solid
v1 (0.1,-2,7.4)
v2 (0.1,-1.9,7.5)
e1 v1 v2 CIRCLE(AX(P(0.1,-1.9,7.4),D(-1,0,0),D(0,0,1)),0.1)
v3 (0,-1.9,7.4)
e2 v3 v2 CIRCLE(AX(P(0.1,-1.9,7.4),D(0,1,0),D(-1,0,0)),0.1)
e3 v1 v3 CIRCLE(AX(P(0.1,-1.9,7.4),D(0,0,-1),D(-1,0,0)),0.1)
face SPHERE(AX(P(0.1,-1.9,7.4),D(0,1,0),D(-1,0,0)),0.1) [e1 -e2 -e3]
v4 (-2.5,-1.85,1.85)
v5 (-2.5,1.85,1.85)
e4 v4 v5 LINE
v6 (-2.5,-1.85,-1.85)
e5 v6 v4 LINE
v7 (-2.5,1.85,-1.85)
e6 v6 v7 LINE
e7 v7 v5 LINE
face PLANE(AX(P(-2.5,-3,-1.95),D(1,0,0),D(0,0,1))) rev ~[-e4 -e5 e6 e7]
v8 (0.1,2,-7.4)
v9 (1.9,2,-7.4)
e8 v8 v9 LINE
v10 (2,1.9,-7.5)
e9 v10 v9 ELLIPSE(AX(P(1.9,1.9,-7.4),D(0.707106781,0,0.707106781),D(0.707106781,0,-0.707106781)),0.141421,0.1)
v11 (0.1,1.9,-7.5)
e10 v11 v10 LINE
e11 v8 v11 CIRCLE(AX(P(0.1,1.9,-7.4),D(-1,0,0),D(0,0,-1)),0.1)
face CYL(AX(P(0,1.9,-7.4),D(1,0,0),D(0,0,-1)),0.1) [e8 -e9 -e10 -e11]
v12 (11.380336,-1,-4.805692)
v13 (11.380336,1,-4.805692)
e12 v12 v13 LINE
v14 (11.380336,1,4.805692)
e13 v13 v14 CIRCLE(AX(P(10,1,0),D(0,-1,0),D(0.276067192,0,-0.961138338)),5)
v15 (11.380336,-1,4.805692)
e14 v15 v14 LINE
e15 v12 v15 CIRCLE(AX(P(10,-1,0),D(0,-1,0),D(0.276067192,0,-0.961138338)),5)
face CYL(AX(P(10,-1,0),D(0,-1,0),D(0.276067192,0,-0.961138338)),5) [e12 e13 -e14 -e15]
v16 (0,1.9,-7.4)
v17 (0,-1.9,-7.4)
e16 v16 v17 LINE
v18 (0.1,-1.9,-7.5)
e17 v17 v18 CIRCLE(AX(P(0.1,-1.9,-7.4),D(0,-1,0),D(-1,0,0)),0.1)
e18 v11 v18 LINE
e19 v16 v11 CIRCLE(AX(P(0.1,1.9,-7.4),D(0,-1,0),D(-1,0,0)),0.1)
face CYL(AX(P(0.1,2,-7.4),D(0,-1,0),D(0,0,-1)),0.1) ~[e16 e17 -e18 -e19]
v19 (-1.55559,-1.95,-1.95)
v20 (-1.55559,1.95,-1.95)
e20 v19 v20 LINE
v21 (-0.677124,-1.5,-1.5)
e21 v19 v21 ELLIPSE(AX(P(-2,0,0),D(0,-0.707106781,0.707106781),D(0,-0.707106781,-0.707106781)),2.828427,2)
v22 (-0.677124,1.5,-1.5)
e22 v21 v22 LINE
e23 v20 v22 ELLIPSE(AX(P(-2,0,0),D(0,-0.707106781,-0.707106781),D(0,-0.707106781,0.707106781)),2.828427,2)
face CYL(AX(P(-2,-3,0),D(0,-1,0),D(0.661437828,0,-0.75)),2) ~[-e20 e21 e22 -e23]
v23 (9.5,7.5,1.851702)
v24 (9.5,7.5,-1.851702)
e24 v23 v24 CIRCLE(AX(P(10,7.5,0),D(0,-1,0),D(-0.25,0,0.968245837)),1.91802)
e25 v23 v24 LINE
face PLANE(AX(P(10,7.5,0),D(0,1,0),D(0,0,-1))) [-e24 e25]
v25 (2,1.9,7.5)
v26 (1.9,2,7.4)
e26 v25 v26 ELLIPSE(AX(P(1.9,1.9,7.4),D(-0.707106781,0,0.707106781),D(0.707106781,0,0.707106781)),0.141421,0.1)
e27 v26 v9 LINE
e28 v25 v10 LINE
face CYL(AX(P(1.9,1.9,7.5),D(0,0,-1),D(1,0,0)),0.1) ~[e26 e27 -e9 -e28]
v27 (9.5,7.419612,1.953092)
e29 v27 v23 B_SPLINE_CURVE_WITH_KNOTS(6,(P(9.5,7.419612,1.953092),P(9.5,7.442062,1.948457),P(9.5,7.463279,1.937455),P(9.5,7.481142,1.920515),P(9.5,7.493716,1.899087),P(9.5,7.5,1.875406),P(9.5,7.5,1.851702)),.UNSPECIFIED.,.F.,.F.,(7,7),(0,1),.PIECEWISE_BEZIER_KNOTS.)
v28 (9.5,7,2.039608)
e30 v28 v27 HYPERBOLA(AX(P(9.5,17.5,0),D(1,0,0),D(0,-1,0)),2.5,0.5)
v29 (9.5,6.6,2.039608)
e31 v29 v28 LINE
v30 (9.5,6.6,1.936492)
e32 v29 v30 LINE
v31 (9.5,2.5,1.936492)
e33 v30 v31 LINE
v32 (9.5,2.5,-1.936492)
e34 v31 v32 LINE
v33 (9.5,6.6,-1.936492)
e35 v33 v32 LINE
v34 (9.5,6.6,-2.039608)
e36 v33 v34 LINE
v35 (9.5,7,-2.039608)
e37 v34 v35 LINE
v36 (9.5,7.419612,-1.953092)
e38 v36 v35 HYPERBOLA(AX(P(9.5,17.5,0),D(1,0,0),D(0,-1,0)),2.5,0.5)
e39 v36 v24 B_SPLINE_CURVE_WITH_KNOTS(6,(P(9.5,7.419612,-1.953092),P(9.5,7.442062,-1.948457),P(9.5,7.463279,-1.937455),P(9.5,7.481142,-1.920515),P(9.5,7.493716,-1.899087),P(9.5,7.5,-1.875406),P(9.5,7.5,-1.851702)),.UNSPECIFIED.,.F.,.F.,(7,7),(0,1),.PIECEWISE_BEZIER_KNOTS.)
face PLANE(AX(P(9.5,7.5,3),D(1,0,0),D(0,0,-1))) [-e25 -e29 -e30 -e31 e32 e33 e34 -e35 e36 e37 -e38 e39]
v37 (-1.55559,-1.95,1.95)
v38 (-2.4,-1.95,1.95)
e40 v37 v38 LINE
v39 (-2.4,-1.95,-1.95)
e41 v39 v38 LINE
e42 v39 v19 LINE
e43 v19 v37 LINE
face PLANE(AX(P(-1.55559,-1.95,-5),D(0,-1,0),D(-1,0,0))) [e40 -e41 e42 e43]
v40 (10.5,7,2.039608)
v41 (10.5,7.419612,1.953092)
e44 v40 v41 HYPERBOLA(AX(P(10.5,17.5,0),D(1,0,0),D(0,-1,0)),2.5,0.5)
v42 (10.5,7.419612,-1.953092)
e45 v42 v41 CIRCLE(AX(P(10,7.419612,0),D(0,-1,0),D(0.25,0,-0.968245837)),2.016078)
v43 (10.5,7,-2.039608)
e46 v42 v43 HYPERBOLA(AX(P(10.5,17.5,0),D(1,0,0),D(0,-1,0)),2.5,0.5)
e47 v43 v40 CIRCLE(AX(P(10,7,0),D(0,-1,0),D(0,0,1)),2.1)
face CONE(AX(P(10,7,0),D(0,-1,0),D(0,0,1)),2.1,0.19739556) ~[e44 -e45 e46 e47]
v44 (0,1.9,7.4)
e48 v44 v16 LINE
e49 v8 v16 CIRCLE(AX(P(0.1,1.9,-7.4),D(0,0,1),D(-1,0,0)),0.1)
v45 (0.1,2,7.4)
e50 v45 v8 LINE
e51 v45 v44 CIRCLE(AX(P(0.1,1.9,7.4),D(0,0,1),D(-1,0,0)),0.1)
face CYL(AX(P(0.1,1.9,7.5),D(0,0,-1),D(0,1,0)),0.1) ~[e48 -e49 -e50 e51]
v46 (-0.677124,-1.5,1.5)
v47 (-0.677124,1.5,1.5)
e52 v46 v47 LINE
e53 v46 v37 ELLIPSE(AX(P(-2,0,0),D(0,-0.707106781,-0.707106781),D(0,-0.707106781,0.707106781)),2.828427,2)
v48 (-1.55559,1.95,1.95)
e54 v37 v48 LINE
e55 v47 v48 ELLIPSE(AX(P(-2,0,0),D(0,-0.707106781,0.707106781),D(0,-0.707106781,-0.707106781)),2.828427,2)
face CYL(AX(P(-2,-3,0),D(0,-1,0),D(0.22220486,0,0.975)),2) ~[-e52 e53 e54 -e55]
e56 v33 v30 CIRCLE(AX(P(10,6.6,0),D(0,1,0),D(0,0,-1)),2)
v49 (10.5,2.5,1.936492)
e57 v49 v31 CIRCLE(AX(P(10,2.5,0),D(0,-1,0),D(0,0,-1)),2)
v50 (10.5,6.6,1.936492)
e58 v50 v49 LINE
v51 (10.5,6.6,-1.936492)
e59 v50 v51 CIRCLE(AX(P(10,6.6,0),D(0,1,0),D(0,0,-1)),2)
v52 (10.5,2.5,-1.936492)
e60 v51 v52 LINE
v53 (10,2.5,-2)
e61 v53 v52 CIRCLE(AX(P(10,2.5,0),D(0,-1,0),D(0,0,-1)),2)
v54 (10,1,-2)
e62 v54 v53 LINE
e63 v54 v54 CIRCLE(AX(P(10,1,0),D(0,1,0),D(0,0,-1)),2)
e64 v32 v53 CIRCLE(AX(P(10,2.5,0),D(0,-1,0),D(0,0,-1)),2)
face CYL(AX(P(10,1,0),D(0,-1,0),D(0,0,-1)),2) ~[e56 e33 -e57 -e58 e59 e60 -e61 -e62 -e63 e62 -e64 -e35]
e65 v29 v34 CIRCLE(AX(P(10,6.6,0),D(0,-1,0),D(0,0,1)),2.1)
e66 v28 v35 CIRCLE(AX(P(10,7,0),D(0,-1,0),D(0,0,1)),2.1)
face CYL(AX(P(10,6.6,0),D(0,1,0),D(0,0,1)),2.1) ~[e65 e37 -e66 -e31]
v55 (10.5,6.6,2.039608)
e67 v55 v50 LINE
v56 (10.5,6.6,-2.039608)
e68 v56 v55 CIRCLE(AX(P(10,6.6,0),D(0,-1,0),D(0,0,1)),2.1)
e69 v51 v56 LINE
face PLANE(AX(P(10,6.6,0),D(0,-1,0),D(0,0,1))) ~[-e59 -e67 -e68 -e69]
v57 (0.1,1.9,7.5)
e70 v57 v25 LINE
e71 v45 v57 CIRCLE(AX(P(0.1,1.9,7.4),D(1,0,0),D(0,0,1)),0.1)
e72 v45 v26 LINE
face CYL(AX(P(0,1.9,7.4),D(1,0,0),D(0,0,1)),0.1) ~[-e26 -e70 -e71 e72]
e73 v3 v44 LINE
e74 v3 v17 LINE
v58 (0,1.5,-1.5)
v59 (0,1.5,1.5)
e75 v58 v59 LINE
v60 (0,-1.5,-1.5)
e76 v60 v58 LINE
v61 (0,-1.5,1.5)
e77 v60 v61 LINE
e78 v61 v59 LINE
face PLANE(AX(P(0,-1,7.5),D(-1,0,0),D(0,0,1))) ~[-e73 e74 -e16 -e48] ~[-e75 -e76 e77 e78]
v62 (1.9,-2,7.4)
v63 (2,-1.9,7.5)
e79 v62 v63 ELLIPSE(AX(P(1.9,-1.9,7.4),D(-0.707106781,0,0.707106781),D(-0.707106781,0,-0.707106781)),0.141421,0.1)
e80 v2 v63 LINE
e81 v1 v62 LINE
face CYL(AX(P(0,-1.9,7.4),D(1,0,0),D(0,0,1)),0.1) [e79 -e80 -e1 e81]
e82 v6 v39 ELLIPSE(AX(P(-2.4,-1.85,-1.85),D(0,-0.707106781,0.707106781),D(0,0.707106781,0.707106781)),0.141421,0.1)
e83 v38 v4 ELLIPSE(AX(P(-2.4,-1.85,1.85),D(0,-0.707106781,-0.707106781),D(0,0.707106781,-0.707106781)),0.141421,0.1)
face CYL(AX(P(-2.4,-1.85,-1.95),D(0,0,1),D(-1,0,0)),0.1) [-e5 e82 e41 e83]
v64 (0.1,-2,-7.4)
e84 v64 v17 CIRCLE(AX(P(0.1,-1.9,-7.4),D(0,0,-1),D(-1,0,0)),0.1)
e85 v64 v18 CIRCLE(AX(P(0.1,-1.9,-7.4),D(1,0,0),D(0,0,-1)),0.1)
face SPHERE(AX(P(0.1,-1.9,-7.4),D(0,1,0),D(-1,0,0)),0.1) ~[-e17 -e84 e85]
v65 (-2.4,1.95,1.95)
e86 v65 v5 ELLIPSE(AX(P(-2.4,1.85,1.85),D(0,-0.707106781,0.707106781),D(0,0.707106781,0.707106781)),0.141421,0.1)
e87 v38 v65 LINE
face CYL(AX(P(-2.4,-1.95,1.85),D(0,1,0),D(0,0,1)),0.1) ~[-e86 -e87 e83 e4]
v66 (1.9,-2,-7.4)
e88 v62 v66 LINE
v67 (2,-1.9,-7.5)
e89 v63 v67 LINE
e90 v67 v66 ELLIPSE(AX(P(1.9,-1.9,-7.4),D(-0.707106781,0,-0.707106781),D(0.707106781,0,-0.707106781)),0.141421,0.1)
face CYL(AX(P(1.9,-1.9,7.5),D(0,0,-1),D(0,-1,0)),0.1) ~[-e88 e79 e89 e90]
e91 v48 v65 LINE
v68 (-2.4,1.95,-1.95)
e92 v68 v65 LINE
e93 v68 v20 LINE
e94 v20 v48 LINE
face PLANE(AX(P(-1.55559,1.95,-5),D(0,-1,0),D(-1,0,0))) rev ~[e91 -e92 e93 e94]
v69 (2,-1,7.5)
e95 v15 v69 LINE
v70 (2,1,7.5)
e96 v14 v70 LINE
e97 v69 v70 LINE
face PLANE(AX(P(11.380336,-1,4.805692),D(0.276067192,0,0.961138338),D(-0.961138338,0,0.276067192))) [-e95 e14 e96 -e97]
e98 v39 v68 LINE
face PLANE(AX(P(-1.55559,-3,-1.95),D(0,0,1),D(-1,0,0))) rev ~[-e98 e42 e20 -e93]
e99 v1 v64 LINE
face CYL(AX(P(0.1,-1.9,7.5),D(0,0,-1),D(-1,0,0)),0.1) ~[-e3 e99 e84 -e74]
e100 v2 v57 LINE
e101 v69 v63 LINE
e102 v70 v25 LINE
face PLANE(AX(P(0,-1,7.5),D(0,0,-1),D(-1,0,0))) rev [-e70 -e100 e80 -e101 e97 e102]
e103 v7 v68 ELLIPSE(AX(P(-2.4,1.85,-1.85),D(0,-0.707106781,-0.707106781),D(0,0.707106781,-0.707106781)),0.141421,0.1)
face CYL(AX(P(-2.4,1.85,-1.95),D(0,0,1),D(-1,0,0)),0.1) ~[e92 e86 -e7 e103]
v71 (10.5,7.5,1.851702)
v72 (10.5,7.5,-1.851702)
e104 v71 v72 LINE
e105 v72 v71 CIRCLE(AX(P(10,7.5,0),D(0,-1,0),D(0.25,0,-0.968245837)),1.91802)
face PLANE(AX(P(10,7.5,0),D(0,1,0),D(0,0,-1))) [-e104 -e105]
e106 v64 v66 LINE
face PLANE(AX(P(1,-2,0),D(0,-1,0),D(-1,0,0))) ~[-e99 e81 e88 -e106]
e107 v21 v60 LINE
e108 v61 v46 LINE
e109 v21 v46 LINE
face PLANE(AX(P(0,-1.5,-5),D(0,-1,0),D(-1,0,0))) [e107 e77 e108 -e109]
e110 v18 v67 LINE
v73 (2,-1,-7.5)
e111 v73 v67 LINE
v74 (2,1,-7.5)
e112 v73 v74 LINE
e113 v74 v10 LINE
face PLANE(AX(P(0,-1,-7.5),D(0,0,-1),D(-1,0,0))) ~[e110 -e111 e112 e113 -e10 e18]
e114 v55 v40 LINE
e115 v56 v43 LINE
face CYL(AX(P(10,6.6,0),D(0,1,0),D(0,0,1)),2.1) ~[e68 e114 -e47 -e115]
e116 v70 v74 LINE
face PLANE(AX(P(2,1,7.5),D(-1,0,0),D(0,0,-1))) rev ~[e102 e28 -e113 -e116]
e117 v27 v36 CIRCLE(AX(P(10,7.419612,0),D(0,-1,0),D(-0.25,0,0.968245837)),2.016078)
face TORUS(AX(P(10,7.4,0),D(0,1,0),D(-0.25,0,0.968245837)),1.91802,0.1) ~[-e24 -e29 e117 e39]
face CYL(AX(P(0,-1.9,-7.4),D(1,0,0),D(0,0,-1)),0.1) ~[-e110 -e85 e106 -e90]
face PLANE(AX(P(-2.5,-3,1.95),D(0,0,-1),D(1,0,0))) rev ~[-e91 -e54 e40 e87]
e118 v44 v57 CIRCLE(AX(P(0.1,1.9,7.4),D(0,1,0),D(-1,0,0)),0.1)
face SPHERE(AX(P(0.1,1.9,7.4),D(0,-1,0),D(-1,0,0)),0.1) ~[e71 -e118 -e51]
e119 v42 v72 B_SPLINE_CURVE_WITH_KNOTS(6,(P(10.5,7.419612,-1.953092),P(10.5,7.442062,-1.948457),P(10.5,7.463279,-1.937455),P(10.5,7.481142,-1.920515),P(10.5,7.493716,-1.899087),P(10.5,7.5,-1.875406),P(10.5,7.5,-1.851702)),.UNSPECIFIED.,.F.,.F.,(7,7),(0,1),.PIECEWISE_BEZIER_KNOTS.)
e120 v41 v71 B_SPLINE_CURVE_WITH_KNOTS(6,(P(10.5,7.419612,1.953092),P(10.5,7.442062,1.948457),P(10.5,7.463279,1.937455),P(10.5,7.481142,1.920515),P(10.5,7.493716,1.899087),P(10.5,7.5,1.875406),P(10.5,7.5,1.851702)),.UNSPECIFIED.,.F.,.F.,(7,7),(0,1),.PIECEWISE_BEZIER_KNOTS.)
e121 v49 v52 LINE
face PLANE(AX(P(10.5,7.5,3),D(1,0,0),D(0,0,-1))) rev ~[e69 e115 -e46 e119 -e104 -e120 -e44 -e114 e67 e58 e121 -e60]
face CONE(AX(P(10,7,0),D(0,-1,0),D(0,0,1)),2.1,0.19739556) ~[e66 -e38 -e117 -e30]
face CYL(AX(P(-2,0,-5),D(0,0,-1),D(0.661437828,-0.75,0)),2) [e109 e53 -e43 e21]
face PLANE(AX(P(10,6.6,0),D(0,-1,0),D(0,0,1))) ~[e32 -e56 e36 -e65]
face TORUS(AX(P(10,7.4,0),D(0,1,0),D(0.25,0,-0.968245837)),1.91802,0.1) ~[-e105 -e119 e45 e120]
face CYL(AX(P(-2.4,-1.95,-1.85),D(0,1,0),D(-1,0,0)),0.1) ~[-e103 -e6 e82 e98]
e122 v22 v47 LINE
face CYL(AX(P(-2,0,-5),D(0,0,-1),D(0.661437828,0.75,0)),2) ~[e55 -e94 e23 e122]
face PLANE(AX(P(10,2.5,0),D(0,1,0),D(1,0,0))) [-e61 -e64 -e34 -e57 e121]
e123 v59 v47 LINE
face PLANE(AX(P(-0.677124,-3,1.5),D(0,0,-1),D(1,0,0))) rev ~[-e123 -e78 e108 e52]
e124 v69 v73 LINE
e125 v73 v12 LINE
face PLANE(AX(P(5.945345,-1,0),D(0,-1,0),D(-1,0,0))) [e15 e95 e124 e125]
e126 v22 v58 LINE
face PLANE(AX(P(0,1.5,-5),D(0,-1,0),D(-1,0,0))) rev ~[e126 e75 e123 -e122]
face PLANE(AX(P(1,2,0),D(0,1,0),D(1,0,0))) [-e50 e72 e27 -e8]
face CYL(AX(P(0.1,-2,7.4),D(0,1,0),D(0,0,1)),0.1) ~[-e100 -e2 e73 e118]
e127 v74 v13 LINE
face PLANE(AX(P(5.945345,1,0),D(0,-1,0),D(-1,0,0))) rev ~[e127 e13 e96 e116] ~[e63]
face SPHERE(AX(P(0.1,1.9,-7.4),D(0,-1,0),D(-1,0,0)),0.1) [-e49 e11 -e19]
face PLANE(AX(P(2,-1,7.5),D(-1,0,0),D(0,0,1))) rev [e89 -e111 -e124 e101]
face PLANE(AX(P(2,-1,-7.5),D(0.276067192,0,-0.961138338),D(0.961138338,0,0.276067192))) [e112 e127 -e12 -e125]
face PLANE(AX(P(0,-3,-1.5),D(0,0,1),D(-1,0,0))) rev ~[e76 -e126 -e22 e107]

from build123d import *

# Parameters (mm, degrees)
EXTRUDE_1_DEPTH          = 1
EXTRUDE_1_DEPTH_BACK     = 1
SKETCH_3_W               = 2
SKETCH_3_H               = 15
EXTRUDE_2_DEPTH          = 1
SKETCH_4_R               = 2
EXTRUDE_3_DEPTH          = 6.5
SKETCH_6_W               = 1
SKETCH_6_H               = 6
CUT_EXTRUDE_1_DEPTH      = 5
EXTRUDE_4_DEPTH          = 3
EXTRUDE_4_DEPTH_BACK     = 3
CUT_EXTRUDE_2_DEPTH      = 5
CUT_EXTRUDE_2_DEPTH_BACK = 5
FILLET_2_R               = 0.1
FILLET_4_R               = 0.1


with BuildPart() as part:
    # 草图1 → 凸台-拉伸1 (new, two sides: drawn at the far end of the back side and taken through both)
    with BuildSketch(Plane(origin=(0, 0, 0), x_dir=(1, 0, 0), z_dir=(0, 1, 0)).offset(-EXTRUDE_1_DEPTH_BACK)):
        with BuildLine():
            Line((0, -7.5), (0, 7.5))
            Line((0, 7.5), (2, 7.5))
            Line((2, 7.5), (11.380335961, 4.805691692))
            ThreePointArc((11.380335961, 4.805691692), (15, 0), (11.380335961, -4.805691692))
            Line((11.380335961, -4.805691692), (2, -7.5))
            Line((2, -7.5), (0, -7.5))
        make_face()
    extrude(amount=EXTRUDE_1_DEPTH + EXTRUDE_1_DEPTH_BACK)

    # 草图3 → 凸台-拉伸2 (add)
    with BuildSketch(Plane(origin=(0, 1, 0), x_dir=(1, 0, 0), z_dir=(0, 1, 0))):
        with Locations((1, 0)):
            Rectangle(SKETCH_3_W, SKETCH_3_H)
    extrude_2 = extrude(amount=EXTRUDE_2_DEPTH)

    # 镜向1: 凸台-拉伸2 across plane
    add(extrude_2.mirror(Plane.ZX))

    # 草图4 → 凸台-拉伸3 (add)
    with BuildSketch(Plane(origin=(0, 1, 0), x_dir=(1, 0, 0), z_dir=(0, 1, 0))):
        with Locations((10, 0)):
            Circle(SKETCH_4_R)
    extrude(amount=EXTRUDE_3_DEPTH)

    # 草图5 → 旋转1 (revolve)
    with BuildSketch(Plane.XY):
        Polygon((8, 7.5), (8, 6.6), (7.9, 6.6), (7.9, 7), align=None)
    revolve(axis=Axis((10, 7.5, 0), (0, -1, 0)))

    # 草图6 → 切除-拉伸1 (cut)
    with BuildSketch(Plane(origin=(0, 7.5, 0), x_dir=(1, 0, 0), z_dir=(0, 1, 0))):
        with Locations((10, 0)):
            Rectangle(SKETCH_6_W, SKETCH_6_H)
    extrude(amount=-CUT_EXTRUDE_1_DEPTH, mode=Mode.SUBTRACT)

    # 草图7 → 凸台-拉伸4 (add, two sides: drawn at the far end of the back side and taken through both)
    with BuildSketch(Plane(origin=(0, 0, 0), x_dir=(1, 0, 0), z_dir=(0, 1, 0)).offset(-EXTRUDE_4_DEPTH_BACK)):
        with BuildLine():
            Line((0, -1.5), (0, 1.5))
            Line((0, 1.5), (-0.677124344, 1.5))
            ThreePointArc((-0.677124344, 1.5), (-1.088161527, 1.780042303), (-1.555590279, 1.95))
            Line((-1.555590279, 1.95), (-2.5, 1.95))
            Line((-2.5, 1.95), (-2.5, -1.95))
            Line((-2.5, -1.95), (-1.555590279, -1.95))
            ThreePointArc((-1.555590279, -1.95), (-1.088161527, -1.780042303), (-0.677124344, -1.5))
            Line((-0.677124344, -1.5), (0, -1.5))
        make_face()
    extrude(amount=EXTRUDE_4_DEPTH + EXTRUDE_4_DEPTH_BACK)

    # 草图8 → 切除-拉伸2 (cut, two sides: drawn at the far end of the back side and taken through both)
    with BuildSketch(Plane.XY.offset(-CUT_EXTRUDE_2_DEPTH_BACK)):
        with BuildLine():
            Line((0, -3), (0, -1.5))
            Line((0, -1.5), (-0.677124344, -1.5))
            ThreePointArc((-0.677124344, -1.5), (-1.088161527, -1.780042303), (-1.555590279, -1.95))
            Line((-1.555590279, -1.95), (-2.5, -1.95))
            Line((-2.5, -1.95), (-2.5, -3))
            Line((-2.5, -3), (0, -3))
        make_face()
        with BuildLine():
            Line((0, 1.5), (-0.677124344, 1.5))
            ThreePointArc((-0.677124344, 1.5), (-1.088161527, 1.780042303), (-1.555590279, 1.95))
            Line((-1.555590279, 1.95), (-2.5, 1.95))
            Line((-2.5, 1.95), (-2.5, 3))
            Line((-2.5, 3), (0, 3))
            Line((0, 3), (0, 1.5))
        make_face()
    extrude(amount=CUT_EXTRUDE_2_DEPTH + CUT_EXTRUDE_2_DEPTH_BACK, mode=Mode.SUBTRACT)

    # 圆角2
    fillet_2_edges = [part.edges().sort_by_distance(p)[0] for p in [
        (-2.5, 0, 1.95),
        (-2.5, -1.95, 0),
        (-2.5, 0, -1.95),
        (-2.5, 1.95, 0),
        (8, 7.5, 0),
        (12, 7.5, 0),
    ]]
    fillet(fillet_2_edges, radius=FILLET_2_R)

    # 圆角4
    fillet_4_edges = [part.edges().sort_by_distance(p)[0] for p in [
        (1, -2, -7.5),
        (2, -2, 0),
        (1, -2, 7.5),
        (2, 2, 0),
        (1, 2, 7.5),
        (1, 2, -7.5),
        (0, 0, -7.5),
        (0, 0, 7.5),
        (0, -2, 0),
        (0, 2, 0),
    ]]
    fillet(fillet_4_edges, radius=FILLET_4_R)


solid = part.part
